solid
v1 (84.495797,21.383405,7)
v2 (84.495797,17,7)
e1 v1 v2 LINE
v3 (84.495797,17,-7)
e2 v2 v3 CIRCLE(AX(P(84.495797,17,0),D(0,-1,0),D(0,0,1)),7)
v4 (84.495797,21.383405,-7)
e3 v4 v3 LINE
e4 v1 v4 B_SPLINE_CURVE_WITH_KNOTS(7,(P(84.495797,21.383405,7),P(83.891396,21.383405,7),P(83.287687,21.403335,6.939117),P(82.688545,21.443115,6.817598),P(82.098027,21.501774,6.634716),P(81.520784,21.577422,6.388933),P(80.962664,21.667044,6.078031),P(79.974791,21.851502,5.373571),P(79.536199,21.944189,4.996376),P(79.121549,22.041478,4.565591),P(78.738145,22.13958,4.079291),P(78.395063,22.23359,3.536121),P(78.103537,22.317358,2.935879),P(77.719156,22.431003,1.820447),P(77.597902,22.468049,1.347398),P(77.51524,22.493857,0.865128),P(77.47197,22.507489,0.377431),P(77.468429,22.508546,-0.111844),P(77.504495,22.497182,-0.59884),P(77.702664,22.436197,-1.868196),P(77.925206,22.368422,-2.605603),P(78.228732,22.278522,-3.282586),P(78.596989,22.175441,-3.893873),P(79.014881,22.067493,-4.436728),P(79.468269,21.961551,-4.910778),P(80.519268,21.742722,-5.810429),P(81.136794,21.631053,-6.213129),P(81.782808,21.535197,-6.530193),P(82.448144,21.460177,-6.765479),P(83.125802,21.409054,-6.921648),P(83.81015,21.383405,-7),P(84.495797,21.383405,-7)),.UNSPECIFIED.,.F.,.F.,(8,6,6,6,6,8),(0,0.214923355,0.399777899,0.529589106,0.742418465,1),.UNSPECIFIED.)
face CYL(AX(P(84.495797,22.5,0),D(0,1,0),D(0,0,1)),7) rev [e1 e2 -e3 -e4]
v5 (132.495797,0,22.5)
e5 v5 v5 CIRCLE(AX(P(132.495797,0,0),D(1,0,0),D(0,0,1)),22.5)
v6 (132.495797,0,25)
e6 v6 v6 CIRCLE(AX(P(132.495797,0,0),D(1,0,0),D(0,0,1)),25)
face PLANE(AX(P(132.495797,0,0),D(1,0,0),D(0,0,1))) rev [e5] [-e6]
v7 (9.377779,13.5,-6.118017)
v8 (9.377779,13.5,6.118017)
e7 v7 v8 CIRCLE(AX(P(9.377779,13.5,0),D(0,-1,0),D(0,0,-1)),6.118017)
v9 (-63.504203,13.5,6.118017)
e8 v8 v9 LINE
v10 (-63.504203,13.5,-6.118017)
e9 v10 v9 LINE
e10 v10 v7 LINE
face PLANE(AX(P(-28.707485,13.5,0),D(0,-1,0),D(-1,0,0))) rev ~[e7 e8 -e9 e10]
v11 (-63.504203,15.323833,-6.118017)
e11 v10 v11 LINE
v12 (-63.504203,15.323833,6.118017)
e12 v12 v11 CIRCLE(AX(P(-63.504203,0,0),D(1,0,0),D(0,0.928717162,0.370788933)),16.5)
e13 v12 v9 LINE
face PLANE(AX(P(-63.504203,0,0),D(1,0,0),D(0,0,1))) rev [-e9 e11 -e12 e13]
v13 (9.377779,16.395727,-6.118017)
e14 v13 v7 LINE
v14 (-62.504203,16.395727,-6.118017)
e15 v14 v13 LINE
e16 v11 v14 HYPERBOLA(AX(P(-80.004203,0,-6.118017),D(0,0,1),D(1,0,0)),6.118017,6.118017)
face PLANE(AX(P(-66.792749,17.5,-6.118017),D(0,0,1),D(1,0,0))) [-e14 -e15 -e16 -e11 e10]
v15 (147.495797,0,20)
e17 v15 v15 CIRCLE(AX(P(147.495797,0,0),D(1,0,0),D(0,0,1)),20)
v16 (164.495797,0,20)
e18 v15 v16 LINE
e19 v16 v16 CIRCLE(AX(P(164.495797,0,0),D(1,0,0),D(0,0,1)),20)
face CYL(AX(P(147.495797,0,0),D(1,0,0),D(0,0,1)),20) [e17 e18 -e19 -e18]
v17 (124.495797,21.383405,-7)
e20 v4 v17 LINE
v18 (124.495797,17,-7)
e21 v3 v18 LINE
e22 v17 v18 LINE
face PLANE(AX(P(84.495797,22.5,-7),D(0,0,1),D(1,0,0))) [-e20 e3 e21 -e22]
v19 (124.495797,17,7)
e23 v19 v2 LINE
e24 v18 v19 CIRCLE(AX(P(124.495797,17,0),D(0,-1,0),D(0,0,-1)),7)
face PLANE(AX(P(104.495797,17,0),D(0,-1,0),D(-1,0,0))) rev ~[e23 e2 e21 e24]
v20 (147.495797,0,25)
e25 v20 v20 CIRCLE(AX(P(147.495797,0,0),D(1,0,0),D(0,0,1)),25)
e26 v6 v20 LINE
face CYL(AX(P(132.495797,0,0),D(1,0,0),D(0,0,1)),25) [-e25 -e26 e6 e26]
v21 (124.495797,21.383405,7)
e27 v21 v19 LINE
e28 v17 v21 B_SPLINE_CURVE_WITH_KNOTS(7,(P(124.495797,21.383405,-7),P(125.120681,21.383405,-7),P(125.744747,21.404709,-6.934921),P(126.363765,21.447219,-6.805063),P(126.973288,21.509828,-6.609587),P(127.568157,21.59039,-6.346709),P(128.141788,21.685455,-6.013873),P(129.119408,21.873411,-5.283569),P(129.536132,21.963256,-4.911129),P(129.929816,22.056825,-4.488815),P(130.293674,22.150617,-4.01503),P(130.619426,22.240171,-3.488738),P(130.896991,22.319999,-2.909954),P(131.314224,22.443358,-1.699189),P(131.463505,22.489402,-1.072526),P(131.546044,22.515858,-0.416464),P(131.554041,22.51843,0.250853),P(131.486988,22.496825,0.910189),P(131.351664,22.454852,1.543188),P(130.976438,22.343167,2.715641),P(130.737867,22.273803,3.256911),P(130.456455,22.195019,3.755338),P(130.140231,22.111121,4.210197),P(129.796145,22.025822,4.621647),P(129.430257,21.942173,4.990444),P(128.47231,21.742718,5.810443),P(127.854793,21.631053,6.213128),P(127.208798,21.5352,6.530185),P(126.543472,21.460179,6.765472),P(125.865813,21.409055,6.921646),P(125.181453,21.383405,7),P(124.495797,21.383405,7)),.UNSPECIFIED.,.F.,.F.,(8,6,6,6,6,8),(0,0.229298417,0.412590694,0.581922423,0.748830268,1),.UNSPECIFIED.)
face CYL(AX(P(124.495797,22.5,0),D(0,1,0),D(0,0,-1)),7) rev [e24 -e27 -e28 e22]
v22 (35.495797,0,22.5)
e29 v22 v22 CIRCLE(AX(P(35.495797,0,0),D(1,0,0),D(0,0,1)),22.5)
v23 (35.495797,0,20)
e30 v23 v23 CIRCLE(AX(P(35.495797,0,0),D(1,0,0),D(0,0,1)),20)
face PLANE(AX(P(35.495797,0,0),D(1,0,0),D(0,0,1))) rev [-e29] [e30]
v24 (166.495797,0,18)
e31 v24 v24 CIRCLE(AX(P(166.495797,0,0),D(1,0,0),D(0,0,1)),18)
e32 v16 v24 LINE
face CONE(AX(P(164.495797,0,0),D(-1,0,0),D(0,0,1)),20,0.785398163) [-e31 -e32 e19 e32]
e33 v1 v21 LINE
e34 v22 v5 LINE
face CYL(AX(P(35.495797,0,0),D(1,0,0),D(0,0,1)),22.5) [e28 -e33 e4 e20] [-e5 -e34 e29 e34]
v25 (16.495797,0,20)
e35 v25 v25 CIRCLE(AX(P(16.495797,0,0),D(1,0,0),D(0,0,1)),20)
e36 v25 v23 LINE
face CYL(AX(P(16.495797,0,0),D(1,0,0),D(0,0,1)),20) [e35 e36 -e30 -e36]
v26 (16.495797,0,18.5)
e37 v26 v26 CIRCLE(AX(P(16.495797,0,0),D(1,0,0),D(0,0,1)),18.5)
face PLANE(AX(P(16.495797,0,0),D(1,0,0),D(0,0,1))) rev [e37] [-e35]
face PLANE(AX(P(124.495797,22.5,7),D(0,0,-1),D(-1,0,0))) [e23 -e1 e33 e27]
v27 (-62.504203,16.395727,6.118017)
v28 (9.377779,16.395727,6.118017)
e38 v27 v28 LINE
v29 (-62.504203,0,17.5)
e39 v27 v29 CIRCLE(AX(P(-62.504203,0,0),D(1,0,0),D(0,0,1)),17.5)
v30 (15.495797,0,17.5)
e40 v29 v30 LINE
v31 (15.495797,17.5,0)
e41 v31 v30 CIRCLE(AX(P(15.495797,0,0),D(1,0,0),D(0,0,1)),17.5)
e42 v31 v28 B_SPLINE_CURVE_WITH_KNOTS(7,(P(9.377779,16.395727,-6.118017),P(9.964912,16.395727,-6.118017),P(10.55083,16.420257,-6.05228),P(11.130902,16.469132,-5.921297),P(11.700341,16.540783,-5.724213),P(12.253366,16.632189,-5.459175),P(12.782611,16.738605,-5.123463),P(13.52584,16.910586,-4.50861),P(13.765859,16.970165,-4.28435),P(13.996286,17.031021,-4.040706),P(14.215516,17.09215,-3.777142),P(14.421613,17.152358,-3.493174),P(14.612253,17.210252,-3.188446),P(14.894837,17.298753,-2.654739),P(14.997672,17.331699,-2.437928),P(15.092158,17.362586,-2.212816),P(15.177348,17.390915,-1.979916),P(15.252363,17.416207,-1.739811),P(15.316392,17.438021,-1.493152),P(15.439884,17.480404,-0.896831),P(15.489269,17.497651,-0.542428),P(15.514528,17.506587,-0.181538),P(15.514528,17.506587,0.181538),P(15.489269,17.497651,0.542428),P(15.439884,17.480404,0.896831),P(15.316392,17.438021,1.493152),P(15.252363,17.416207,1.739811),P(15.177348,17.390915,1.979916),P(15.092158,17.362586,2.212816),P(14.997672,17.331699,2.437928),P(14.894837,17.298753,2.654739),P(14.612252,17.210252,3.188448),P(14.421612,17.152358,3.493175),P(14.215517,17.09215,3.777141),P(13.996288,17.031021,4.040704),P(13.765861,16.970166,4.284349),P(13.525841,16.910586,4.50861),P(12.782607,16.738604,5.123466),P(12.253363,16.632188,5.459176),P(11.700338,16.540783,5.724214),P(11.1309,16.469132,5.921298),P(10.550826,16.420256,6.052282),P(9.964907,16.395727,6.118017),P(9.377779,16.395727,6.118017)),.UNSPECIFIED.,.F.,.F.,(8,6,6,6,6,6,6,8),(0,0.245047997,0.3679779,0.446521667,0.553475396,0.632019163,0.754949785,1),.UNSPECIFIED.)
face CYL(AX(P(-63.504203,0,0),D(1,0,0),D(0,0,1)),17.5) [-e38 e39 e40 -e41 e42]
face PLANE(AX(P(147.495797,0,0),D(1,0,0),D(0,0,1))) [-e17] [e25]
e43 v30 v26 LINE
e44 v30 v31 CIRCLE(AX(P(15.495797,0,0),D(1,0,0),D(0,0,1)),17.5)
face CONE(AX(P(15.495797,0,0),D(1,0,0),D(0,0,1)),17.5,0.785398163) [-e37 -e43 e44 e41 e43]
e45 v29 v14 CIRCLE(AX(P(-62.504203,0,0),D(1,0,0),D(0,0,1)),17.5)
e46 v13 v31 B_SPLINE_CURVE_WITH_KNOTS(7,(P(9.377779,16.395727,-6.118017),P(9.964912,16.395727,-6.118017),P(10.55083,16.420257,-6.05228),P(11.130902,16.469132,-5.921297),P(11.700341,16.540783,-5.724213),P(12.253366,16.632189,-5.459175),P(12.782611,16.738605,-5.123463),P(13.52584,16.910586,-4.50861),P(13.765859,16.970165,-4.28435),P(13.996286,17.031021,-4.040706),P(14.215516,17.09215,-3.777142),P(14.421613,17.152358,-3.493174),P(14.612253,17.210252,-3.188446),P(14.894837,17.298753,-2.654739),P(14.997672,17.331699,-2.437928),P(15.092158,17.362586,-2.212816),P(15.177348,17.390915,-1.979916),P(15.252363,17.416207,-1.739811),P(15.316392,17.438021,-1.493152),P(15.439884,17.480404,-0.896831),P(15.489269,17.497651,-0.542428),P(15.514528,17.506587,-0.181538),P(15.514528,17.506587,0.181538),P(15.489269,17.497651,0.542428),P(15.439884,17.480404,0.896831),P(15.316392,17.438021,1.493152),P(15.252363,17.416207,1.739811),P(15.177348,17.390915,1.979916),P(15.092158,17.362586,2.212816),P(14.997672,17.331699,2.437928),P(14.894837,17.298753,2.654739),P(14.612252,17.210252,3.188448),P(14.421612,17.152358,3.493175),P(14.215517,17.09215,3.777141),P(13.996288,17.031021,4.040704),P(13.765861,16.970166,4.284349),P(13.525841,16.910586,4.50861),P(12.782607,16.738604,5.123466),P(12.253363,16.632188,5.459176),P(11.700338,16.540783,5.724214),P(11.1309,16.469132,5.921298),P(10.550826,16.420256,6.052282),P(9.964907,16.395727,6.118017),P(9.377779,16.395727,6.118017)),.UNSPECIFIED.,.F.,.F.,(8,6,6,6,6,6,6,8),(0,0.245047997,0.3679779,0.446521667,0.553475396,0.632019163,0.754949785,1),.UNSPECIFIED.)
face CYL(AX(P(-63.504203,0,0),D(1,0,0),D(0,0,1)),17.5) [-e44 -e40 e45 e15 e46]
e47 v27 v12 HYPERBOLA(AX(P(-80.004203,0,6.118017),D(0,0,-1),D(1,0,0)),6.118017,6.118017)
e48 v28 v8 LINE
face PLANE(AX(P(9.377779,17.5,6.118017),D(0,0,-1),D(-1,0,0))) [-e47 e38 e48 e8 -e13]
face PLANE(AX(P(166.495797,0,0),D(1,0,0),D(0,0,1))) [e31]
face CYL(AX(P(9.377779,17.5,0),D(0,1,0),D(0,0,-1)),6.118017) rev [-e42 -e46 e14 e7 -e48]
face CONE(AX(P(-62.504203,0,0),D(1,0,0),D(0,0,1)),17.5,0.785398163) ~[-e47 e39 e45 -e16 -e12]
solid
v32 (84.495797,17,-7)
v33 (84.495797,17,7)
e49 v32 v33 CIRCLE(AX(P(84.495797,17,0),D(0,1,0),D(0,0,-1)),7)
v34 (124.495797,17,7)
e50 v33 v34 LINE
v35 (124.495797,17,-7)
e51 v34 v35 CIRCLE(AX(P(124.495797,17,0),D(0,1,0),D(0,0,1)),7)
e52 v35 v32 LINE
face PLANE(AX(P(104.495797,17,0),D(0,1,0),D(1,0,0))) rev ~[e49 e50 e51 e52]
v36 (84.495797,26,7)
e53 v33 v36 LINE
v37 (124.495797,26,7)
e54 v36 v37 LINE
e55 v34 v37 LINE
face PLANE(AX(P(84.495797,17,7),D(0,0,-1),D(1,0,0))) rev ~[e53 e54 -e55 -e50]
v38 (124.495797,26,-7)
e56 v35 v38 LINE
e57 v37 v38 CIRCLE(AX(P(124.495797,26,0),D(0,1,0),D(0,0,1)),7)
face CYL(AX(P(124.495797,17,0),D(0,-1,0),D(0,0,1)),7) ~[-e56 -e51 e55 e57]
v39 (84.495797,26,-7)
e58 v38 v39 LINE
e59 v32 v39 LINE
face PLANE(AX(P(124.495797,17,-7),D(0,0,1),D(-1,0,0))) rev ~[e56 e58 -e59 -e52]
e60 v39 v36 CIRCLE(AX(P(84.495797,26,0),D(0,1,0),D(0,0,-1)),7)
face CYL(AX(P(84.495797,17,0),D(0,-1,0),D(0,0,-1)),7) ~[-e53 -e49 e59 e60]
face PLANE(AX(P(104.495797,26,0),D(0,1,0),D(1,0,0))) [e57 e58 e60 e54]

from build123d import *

# Parameters (mm, degrees)
CHAMFER1_SIZE       = 1
CHAMFER2_SIZE       = 1
CHAMFER3_SIZE       = 2
CUT_EXTRUDE1_START  = 17.5
CUT_EXTRUDE1_DEPTH  = 4
CUT_EXTRUDE2_START  = 22.5
CUT_EXTRUDE2_DEPTH  = 5.5
BOSS_EXTRUDE1_DEPTH = 9


with BuildPart() as part:
    # Sketch1 → Revolve1 (revolve)
    with BuildSketch(Plane.XY, mode=Mode.PRIVATE) as revolve1_sk:
        Polygon((-63.504203269, 0), (-63.504203269, 17.5), (16.495796731, 17.5), (16.495796731, 20), (35.495796731, 20), (35.495796731, 22.5), (132.495796731, 22.5), (132.495796731, 25), (147.495796731, 25), (147.495796731, 20), (166.495796731, 20), (166.495796731, 0), align=None)
    revolve(revolve1_sk.sketch.rotate(Axis((-82.320263497, 0, 0), (1, 0, 0)), 90), axis=Axis((-82.320263497, 0, 0), (1, 0, 0)))

    # Chamfer1
    chamfer1_edges = [part.edges().sort_by_distance(p)[0] for p in [
        (16.495796731, 0, -17.5),
    ]]
    chamfer(chamfer1_edges, length=CHAMFER1_SIZE)

    # Chamfer2
    chamfer2_edges = [part.edges().sort_by_distance(p)[0] for p in [
        (-63.504203269, 0, -17.5),
    ]]
    chamfer(chamfer2_edges, length=CHAMFER2_SIZE)

    # Chamfer3
    chamfer3_edges = [part.edges().sort_by_distance(p)[0] for p in [
        (166.495796731, 0, -20),
    ]]
    chamfer(chamfer3_edges, length=CHAMFER3_SIZE)

    # Sketch2 → Cut-Extrude1 (cut)
    with BuildSketch(Plane(origin=(0, 0, 0), x_dir=(1, 0, 0), z_dir=(0, 1, 0)).offset(CUT_EXTRUDE1_START)):
        with BuildLine():
            Line((-66.792748613, 6.118017394), (9.377779337, 6.118017394))
            ThreePointArc((9.377779337, 6.118017394), (15.495796731, 0), (9.377779337, -6.118017394))
            Line((9.377779337, -6.118017394), (-66.792748613, -6.118017394))
            ThreePointArc((-66.792748613, -6.118017394), (-72.910766007, 0), (-66.792748613, 6.118017394))
        make_face()
    extrude(amount=-CUT_EXTRUDE1_DEPTH, mode=Mode.SUBTRACT)

    # Sketch3 → Cut-Extrude2 (cut)
    with BuildSketch(Plane(origin=(0, 0, 0), x_dir=(1, 0, 0), z_dir=(0, 1, 0)).offset(CUT_EXTRUDE2_START)):
        with BuildLine():
            Line((84.495796731, 7), (124.495796731, 7))
            ThreePointArc((124.495796731, 7), (131.495796731, 0), (124.495796731, -7))
            Line((124.495796731, -7), (84.495796731, -7))
            ThreePointArc((84.495796731, -7), (77.495796731, 0), (84.495796731, 7))
        make_face()
    extrude(amount=-CUT_EXTRUDE2_DEPTH, mode=Mode.SUBTRACT)


with BuildPart() as body_2:
    # Sketch4 → Boss-Extrude1 (new body)
    with BuildSketch(Plane(origin=(0, 17, 0), x_dir=(1, 0, 0), z_dir=(0, 1, 0))):
        with BuildLine():
            Line((84.495796731, -7), (124.495796731, -7))
            ThreePointArc((124.495796731, -7), (131.495796731, 0), (124.495796731, 7))
            Line((124.495796731, 7), (84.495796731, 7))
            ThreePointArc((84.495796731, 7), (77.495796731, 0), (84.495796731, -7))
        make_face()
    extrude(amount=BOSS_EXTRUDE1_DEPTH)


solid = Compound([part.part, body_2.part])
